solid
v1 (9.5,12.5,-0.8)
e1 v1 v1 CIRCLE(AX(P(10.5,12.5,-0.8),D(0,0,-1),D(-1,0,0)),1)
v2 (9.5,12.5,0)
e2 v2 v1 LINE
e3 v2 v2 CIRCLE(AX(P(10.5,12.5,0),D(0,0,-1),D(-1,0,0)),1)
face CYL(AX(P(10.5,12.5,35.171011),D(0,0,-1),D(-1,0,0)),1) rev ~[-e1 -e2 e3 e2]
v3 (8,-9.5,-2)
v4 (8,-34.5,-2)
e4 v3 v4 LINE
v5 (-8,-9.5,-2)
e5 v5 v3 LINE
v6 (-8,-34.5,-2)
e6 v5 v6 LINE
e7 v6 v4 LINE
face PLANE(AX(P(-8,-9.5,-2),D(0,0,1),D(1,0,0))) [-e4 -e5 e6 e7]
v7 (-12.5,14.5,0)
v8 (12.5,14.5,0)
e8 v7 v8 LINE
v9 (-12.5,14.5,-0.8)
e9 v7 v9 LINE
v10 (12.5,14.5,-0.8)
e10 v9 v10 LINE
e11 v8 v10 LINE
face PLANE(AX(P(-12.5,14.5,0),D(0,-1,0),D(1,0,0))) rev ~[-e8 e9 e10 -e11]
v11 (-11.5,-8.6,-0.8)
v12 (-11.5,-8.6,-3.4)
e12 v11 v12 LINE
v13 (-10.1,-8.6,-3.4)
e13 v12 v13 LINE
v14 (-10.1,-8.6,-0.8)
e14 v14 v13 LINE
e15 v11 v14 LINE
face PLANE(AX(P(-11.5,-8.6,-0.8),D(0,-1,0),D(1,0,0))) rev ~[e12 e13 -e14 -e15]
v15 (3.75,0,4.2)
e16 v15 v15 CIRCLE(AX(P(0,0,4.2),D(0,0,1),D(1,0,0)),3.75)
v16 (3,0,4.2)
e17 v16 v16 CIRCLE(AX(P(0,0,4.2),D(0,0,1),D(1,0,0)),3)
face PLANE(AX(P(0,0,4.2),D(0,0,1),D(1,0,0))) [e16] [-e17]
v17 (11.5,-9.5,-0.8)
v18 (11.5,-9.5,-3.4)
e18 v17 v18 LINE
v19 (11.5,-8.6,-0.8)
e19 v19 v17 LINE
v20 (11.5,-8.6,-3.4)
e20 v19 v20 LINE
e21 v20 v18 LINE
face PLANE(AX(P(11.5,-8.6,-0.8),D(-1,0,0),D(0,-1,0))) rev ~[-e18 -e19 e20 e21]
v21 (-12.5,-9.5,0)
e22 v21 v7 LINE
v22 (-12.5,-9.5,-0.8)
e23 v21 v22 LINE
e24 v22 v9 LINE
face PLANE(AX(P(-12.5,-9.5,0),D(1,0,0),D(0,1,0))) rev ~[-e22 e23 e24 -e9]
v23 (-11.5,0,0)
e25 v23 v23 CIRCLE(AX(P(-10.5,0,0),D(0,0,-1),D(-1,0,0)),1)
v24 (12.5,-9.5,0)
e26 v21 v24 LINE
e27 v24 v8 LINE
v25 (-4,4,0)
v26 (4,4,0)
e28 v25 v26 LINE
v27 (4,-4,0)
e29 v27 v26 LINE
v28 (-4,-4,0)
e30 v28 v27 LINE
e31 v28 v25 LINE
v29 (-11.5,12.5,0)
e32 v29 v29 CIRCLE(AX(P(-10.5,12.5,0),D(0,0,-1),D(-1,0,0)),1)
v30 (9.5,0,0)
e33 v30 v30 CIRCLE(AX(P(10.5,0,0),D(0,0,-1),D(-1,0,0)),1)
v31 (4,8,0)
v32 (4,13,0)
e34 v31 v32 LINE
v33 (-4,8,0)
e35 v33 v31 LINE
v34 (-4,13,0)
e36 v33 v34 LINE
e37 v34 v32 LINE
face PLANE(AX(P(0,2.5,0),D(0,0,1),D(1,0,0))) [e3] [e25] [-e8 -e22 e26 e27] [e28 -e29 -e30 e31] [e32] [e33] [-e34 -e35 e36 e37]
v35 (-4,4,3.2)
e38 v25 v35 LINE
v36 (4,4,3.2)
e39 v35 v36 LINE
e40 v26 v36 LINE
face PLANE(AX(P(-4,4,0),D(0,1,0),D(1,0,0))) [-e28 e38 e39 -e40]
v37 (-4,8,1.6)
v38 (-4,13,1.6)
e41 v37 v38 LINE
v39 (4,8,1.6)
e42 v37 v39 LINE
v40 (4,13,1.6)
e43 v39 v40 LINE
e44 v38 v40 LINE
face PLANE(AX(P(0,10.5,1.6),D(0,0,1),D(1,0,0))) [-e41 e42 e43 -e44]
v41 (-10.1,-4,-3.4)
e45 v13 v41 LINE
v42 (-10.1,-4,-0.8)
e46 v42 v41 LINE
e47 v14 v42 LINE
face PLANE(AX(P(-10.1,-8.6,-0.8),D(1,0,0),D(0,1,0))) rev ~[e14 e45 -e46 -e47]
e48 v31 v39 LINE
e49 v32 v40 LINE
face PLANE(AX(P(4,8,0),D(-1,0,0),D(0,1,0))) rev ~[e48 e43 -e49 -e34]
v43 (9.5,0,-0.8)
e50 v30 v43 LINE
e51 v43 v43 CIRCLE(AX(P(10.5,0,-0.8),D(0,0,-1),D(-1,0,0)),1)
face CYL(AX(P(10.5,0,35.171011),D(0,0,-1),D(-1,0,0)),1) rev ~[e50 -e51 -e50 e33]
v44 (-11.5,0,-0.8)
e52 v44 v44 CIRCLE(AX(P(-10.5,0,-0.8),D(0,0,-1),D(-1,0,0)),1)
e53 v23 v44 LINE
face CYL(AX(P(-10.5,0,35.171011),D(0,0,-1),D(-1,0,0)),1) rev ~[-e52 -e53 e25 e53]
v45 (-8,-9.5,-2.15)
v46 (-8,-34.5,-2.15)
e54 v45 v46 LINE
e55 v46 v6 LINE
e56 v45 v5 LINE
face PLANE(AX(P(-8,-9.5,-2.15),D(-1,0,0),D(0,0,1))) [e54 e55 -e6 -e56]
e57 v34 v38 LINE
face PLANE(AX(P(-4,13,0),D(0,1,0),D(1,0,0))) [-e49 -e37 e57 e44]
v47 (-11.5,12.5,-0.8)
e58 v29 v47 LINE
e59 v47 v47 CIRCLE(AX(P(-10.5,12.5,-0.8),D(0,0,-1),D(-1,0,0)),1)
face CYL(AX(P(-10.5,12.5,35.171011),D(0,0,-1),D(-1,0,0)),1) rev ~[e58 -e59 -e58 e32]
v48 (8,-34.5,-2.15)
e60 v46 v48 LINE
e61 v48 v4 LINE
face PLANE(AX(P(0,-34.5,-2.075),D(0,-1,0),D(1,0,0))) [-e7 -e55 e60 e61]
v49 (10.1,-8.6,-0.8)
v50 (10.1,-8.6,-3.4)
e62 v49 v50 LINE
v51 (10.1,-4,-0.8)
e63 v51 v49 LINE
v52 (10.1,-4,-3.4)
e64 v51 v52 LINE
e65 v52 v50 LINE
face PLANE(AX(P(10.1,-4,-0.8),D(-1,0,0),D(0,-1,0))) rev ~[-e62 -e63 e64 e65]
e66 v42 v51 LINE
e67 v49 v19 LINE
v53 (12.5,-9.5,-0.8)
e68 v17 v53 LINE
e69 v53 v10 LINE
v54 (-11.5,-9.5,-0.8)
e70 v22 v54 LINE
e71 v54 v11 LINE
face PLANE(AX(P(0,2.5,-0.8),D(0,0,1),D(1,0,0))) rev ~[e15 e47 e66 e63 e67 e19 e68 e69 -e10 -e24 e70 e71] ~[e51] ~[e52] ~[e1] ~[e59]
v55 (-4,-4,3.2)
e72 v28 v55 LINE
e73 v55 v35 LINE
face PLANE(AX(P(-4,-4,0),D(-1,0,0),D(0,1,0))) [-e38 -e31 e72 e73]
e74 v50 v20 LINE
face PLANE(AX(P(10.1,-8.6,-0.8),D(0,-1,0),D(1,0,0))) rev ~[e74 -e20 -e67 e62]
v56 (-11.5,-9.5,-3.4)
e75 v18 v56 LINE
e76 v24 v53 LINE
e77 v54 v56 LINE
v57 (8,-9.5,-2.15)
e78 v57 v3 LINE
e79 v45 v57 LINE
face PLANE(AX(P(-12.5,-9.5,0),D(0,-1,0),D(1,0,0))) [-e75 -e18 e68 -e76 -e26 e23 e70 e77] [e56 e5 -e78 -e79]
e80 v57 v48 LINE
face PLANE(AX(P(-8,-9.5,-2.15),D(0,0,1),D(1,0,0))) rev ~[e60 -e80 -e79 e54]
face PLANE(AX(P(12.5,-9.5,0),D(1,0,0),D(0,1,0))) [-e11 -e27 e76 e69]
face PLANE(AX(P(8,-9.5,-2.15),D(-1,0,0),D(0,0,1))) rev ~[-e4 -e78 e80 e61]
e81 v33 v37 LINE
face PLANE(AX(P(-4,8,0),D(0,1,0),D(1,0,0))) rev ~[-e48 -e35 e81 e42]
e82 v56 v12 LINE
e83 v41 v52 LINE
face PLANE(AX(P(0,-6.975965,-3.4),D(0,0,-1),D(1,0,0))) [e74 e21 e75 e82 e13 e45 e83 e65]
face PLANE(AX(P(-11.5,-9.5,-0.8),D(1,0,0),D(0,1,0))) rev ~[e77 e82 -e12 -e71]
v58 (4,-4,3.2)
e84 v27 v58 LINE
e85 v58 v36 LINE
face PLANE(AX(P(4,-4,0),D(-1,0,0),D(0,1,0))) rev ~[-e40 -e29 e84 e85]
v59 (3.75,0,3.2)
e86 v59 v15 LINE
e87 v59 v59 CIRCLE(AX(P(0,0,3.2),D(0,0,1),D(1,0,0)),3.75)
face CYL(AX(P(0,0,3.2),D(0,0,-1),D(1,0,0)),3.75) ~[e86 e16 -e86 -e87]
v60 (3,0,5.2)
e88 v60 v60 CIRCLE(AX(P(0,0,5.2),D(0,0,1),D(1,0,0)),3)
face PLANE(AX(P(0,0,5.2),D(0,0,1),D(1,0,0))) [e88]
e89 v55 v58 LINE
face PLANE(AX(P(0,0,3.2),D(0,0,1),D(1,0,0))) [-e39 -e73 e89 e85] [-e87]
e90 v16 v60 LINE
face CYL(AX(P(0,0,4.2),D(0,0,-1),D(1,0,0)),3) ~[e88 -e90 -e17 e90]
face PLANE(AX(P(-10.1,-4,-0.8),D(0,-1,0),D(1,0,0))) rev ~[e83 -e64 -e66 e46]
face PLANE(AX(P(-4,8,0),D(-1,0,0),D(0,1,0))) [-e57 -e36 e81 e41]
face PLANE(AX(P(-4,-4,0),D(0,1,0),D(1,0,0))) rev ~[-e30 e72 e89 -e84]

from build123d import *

# Parameters (mm, degrees)
F0_W      = 25
F0_H      = 24
F1_DEPTH  = 0.8
F2_W      = 8
F2_H      = 8
F3_DEPTH  = 3.2
F4_R      = 3.75
F5_DEPTH  = 1
F6_R      = 3
F7_DEPTH  = 1
F9_D      = 2
F10_W     = 8
F10_H     = 5
F11_DEPTH = 1.6
F13_DEPTH = 2.6
F14_W     = 16
F14_H     = 0.15
F15_DEPTH = 25


with BuildPart() as f1:
    # F0 (on Top) → F1 (new body)
    with BuildSketch(Plane.XY):
        with Locations((0, 2.5)):
            Rectangle(F0_W, F0_H)
    extrude(amount=-F1_DEPTH)

    # F2 (on face) → F3 (join)
    with BuildSketch(Plane.XY):
        Rectangle(F2_W, F2_H)
    extrude(amount=F3_DEPTH)

    # F4 (on face) → F5 (join)
    with BuildSketch(Plane.XY.offset(3.2)):
        Circle(F4_R)
    extrude(amount=F5_DEPTH)

    # F6 (on face) → F7 (join)
    with BuildSketch(Plane.XY.offset(4.2)):
        Circle(F6_R)
    extrude(amount=F7_DEPTH)

    # F9 (through all)
    with Locations(Plane.XY):
        with Locations((-10.5, 12.5), (10.5, 12.5), (10.5, 0), (-10.5, 0)):
            Hole(F9_D / 2)

    # F10 (on face) → F11 (join)
    with BuildSketch(Plane.XY):
        with Locations((0, 10.5)):
            Rectangle(F10_W, F10_H)
    extrude(amount=F11_DEPTH)

    # F12 (on face) → F13 (join)
    with BuildSketch(Plane(origin=(0, 0, -0.8), x_dir=(1, 0, 0), z_dir=(0, 0, -1))):
        Polygon((11.5, 9.5), (-11.5, 9.5), (-11.5, 8.6), (-10.1, 8.6), (-10.1, 4), (10.1, 4), (10.1, 8.6), (11.5, 8.6), align=None)
    extrude(amount=F13_DEPTH)

    # F14 (on face) → F15 (join)
    with BuildSketch(Plane.XZ.offset(9.5)):
        with Locations((0, -2.075)):
            Rectangle(F14_W, F14_H)
    extrude(amount=F15_DEPTH)


solid = f1.part
